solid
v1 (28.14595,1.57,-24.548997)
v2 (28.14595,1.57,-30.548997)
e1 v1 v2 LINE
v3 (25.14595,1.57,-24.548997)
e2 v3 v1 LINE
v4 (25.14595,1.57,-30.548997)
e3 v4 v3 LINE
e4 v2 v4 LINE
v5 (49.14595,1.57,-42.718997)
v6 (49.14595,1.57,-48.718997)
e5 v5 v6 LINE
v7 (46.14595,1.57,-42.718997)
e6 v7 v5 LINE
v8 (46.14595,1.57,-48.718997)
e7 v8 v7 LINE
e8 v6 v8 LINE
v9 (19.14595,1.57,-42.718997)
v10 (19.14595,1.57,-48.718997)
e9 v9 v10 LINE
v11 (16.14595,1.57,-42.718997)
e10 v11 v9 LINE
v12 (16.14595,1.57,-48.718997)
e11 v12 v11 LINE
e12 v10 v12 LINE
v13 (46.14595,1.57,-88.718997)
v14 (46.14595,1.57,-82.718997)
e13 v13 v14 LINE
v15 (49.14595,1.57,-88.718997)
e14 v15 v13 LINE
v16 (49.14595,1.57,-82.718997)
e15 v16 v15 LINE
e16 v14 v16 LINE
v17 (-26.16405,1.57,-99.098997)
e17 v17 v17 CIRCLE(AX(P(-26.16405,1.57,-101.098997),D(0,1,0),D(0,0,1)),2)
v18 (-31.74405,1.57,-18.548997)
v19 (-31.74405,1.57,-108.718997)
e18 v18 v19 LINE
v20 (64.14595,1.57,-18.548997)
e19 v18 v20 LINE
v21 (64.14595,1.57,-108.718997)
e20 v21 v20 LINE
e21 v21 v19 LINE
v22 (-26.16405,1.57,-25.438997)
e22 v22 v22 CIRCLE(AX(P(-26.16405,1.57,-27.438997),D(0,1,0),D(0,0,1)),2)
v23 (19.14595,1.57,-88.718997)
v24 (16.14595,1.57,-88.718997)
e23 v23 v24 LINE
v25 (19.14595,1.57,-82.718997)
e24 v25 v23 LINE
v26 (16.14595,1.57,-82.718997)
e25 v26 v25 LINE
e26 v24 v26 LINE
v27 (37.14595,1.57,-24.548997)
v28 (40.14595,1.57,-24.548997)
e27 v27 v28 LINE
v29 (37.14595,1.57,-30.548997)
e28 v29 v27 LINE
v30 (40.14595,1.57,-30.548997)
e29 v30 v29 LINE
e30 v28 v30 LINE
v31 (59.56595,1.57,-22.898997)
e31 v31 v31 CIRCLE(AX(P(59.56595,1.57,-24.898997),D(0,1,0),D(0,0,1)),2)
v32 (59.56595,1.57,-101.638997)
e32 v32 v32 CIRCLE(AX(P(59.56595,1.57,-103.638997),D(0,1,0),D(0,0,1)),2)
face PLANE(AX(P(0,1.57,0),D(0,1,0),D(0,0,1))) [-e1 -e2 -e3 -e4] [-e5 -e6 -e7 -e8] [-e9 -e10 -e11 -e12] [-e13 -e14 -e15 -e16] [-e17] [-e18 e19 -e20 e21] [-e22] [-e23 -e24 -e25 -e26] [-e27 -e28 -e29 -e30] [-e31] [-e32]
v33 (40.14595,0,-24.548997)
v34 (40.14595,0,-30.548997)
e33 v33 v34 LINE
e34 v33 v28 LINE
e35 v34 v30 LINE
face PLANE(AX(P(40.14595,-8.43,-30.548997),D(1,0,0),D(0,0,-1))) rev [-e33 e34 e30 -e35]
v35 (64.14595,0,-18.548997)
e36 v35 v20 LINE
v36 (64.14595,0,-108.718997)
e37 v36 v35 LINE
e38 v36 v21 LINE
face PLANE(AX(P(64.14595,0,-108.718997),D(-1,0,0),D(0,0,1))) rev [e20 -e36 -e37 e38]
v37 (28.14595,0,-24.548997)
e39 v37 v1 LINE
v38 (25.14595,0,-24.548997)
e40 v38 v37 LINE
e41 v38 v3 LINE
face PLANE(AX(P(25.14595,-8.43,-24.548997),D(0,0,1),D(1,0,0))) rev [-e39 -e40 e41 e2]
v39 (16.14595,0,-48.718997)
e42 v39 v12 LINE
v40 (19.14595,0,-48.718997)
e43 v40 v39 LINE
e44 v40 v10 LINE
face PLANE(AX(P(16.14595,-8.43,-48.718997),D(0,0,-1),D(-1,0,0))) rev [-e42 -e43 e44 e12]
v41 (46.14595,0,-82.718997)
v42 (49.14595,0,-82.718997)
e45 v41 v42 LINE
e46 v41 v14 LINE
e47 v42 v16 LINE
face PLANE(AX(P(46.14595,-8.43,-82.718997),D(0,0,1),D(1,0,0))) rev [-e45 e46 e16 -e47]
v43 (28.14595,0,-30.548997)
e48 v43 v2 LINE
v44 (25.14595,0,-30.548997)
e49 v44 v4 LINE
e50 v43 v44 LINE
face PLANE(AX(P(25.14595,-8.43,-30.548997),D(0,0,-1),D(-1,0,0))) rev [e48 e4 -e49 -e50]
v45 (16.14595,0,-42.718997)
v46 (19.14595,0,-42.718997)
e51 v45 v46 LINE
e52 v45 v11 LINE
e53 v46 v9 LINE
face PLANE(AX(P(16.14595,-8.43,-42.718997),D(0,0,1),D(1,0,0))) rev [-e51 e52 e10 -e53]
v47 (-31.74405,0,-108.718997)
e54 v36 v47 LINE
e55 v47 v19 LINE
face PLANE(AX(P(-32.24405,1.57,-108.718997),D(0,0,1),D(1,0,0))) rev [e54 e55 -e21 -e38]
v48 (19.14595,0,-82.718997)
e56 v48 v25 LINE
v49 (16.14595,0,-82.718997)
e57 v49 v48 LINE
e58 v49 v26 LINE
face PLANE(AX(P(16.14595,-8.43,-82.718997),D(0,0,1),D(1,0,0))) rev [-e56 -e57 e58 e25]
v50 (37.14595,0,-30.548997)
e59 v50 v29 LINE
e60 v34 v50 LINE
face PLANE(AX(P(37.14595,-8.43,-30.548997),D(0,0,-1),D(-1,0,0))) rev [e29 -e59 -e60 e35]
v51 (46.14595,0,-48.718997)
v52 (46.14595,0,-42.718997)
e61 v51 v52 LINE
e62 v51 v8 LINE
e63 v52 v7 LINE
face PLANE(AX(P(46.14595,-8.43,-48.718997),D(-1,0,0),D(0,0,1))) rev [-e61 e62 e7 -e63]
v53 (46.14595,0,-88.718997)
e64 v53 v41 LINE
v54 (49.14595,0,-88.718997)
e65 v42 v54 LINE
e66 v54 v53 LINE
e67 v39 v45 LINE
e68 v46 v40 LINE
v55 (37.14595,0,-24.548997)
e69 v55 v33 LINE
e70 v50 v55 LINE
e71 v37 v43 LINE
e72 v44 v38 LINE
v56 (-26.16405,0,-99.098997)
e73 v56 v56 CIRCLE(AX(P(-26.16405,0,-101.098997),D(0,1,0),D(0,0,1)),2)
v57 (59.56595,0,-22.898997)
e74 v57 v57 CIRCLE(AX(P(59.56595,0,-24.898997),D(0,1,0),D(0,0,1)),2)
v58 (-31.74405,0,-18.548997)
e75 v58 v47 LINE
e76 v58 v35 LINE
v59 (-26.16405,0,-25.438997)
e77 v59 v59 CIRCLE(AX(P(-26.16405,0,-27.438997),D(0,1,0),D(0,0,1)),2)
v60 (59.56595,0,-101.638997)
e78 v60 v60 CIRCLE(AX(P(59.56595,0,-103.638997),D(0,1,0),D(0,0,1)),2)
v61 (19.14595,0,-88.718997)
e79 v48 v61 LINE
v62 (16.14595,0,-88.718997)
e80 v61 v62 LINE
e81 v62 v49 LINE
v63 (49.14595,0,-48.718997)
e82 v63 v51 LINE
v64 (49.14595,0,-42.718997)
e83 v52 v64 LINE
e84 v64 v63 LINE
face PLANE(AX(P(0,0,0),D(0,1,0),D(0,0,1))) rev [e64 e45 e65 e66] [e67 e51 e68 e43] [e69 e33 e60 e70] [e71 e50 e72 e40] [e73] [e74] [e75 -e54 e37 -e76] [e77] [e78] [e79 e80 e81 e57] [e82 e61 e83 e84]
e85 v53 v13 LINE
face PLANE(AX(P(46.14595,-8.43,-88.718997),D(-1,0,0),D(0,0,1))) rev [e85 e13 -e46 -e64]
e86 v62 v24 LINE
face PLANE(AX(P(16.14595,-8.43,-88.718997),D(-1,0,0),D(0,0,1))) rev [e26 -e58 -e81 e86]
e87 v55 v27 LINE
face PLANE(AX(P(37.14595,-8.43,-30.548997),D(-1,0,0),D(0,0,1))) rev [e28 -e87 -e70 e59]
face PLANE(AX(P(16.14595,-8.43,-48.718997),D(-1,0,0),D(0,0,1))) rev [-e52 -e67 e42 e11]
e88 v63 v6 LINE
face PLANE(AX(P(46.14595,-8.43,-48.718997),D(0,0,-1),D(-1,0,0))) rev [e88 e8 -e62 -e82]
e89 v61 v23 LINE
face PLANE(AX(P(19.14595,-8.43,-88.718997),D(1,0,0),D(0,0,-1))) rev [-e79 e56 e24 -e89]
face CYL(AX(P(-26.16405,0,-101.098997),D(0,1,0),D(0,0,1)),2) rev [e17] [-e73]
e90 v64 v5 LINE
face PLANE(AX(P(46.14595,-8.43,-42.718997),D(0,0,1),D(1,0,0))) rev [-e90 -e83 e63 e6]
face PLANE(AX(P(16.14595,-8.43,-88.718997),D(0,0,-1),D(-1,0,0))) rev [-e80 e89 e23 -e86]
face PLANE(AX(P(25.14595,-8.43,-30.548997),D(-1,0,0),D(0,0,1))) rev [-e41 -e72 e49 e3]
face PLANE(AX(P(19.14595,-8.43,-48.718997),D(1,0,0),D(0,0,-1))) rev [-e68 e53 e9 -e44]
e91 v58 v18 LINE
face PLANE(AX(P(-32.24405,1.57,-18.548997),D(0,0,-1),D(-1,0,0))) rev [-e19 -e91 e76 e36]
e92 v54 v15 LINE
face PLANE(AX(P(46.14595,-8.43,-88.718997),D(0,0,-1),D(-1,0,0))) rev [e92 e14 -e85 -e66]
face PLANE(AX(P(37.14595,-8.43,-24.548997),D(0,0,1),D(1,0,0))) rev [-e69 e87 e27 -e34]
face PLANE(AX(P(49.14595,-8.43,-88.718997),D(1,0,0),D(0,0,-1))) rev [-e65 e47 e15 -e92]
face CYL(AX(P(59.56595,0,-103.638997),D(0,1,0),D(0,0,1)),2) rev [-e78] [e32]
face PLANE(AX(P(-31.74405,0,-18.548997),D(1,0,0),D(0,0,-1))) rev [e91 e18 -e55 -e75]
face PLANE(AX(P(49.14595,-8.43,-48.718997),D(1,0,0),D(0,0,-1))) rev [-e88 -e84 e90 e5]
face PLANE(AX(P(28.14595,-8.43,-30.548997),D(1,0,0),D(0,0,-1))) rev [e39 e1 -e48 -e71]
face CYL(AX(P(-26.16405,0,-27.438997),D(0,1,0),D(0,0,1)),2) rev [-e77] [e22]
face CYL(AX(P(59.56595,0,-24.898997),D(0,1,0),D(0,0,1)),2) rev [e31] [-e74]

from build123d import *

# Parameters (mm, degrees)
SKETCH1_W               = 96.89
SKETCH1_H               = 90.17
PCB_DEPTH               = 1.57
SKETCH2_R               = 2
M3_MOUNTING_HOLES_DEPTH = 1.57
SKETCH5_W               = 0.5
SKETCH5_H               = 90.17
CUT_EXTRUDE1_DEPTH      = 2.57
SKETCH6_W               = 3
SKETCH6_H               = 6
ZIPTIE_HOLDS_DEPTH      = 10


with BuildPart() as part:
    # Sketch1 → PCB (new body)
    with BuildSketch(Plane(origin=(0, 0, 0), x_dir=(1, 0, 0), z_dir=(0, 1, 0))):
        with Locations((16.200949951, 63.633996534)):
            Rectangle(SKETCH1_W, SKETCH1_H)
    extrude(amount=PCB_DEPTH)

    # Sketch2 → M3 Mounting Holes (cut)
    with BuildSketch(Plane(origin=(0, 1.57, 0), x_dir=(1, 0, 0), z_dir=(0, 1, 0))):
        with Locations((59.565949951, 24.898996534)):
            Circle(SKETCH2_R)
        with Locations((-26.164050049, 27.438996534)):
            Circle(SKETCH2_R)
        with Locations((-26.164050049, 101.098996534)):
            Circle(SKETCH2_R)
        with Locations((59.565949951, 103.638996534)):
            Circle(SKETCH2_R)
    extrude(amount=-M3_MOUNTING_HOLES_DEPTH, mode=Mode.SUBTRACT)

    # Sketch5 → Cut-Extrude1 (cut, through all)
    with BuildSketch(Plane(origin=(0, 1.57, 0), x_dir=(1, 0, 0), z_dir=(0, 1, 0))):
        with Locations((-31.994050049, 63.633996534)):
            Rectangle(SKETCH5_W, SKETCH5_H)
        with Locations((64.395949951, 63.633996534)):
            Rectangle(SKETCH5_W, SKETCH5_H)
    extrude(amount=-CUT_EXTRUDE1_DEPTH, mode=Mode.SUBTRACT)

    # Sketch6 → ZipTie Holds (cut)
    with BuildSketch(Plane(origin=(0, 1.57, 0), x_dir=(1, 0, 0), z_dir=(0, 1, 0))):
        with Locations((17.645949951, 85.718996534)):
            Rectangle(SKETCH6_W, SKETCH6_H)
        with Locations((47.645949951, 85.718996534)):
            Rectangle(SKETCH6_W, SKETCH6_H)
        with Locations((17.645949951, 45.718996534)):
            Rectangle(SKETCH6_W, SKETCH6_H)
        with Locations((47.645949951, 45.718996534)):
            Rectangle(SKETCH6_W, SKETCH6_H)
        with Locations((26.645949951, 27.548996534)):
            Rectangle(SKETCH6_W, SKETCH6_H)
        with Locations((38.645949951, 27.548996534)):
            Rectangle(SKETCH6_W, SKETCH6_H)
    extrude(amount=-ZIPTIE_HOLDS_DEPTH, mode=Mode.SUBTRACT)


solid = part.part
